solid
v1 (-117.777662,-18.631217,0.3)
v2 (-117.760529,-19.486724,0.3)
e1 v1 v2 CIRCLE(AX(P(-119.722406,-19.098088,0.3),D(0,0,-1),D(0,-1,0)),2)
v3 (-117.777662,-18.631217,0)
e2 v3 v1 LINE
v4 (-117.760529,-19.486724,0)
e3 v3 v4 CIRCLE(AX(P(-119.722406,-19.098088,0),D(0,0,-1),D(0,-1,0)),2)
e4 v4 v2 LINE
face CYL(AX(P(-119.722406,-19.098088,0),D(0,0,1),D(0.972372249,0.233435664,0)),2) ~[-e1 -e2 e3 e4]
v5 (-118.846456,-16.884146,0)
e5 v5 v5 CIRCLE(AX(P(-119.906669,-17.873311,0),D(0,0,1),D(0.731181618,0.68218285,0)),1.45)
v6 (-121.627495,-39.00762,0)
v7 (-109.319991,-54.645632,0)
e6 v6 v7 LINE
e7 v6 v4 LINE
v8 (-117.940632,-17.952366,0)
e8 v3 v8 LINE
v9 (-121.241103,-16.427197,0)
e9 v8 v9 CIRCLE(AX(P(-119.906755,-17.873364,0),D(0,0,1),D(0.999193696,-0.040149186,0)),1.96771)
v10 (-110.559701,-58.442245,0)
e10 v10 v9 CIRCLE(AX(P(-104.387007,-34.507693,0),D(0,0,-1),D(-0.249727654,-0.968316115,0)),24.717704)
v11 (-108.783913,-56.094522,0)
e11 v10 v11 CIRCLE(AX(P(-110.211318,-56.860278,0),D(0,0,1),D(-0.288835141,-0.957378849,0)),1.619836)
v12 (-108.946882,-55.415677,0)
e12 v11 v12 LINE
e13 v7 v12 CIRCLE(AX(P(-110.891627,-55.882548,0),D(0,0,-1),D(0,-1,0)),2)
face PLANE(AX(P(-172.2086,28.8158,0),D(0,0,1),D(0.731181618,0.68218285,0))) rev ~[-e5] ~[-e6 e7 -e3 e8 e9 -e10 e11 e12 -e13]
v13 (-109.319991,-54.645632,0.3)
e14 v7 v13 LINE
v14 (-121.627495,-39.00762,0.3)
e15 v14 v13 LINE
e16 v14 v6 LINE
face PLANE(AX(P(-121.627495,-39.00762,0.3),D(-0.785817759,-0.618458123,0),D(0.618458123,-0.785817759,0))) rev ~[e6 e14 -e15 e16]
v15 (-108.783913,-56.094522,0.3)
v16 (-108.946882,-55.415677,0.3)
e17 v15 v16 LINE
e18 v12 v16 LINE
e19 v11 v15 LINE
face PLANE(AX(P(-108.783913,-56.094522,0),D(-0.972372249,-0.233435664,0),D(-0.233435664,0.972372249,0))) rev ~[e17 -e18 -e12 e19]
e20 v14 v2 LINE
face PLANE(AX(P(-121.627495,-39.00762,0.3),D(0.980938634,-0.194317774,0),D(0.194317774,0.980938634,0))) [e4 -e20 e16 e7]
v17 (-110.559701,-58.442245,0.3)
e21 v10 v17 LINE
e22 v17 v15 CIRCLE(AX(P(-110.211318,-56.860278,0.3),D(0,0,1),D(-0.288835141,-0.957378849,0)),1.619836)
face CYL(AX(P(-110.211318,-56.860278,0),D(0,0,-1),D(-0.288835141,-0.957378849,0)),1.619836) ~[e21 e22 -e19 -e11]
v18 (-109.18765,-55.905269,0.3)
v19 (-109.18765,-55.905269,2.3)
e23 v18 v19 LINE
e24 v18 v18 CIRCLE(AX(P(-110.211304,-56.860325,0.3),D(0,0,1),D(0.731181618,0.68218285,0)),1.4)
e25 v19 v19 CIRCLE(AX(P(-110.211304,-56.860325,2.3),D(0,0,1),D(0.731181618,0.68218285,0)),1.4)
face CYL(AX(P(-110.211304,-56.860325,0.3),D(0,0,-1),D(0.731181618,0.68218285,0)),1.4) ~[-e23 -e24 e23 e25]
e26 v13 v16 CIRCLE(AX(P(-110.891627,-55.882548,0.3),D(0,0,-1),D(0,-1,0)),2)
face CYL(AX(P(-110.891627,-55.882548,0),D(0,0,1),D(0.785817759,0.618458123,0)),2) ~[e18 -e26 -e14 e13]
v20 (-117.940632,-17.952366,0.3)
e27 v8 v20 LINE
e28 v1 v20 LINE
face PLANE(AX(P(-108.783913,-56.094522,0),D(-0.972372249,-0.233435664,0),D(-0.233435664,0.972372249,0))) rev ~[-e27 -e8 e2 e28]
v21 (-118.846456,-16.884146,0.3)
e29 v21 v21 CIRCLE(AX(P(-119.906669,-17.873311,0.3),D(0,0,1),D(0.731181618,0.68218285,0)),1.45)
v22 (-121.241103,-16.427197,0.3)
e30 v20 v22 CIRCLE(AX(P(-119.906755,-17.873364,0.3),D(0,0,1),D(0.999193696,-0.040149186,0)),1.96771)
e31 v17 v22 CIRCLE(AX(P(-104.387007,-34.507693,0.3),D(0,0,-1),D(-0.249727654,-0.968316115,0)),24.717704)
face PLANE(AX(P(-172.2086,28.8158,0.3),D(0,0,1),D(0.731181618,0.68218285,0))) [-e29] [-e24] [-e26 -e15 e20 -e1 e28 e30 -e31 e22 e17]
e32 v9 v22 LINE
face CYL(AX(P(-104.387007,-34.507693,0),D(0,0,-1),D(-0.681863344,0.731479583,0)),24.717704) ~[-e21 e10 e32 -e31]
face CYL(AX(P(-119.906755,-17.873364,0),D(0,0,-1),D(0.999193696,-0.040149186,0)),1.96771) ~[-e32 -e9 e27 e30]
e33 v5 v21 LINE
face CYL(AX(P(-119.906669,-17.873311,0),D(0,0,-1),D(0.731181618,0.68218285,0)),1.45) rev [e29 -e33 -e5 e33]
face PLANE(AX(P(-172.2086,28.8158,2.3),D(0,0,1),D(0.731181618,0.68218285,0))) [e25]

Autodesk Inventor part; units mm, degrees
ref_plane "YZ Plane" through (0, 0, 0) normal (1, 0, 0) x (0, 1, 0)
ref_plane "XZ Plane" through (0, 0, 0) normal (0, 1, 0) x (-1, 0, 0)
ref_plane "Work Plane1" through (-172.2086, 28.8158, 0) normal (0, 0, 1) x (0.7312, 0.6822, 0)
sketch "Sketch1" plane through (-172.2086, 28.8158, 0) normal (0, 0, 1) x (0.7312, 0.6822, 0)
  circle A0 centre (-15.7879, -97.63) radius 1.25 construction
  circle A1 centre (-11.395, -78.3833) radius 1.25 construction
  circle A2 centre (6.3917, -69.8177) radius 1.25 construction
  arc A3 (12.3361, -69.0473) -> (8.4064, -68.3915) centre (10.3419, -68.895) ccw construction
  line L0 (8.4064, -68.3915) -> (8.3917, -68.5677) construction
  arc A4 (8.3917, -68.5677) -> (8.389, -68.4638) centre (6.3917, -68.5677) ccw construction
  arc A5 (8.389, -68.4638) -> (8.3692, -68.5658) centre (10.3419, -68.895) ccw construction
  line L1 (8.3692, -68.5658) -> (8.3837, -68.3896) construction
  arc A6 (8.3837, -68.3896) -> (4.3996, -68.3896) centre (6.3917, -68.5677) ccw construction
  line L2 (4.3996, -68.3896) -> (4.4141, -68.5658) construction
  arc A7 (4.4141, -68.5658) -> (4.3944, -68.4638) centre (2.4414, -68.895) ccw construction
  arc A8 (4.3944, -68.4638) -> (4.3917, -68.5677) centre (6.3917, -68.5677) ccw construction
  line L3 (4.3917, -68.5677) -> (4.377, -68.3915) construction
  arc A9 (4.377, -68.3915) -> (0.4472, -69.0473) centre (2.4414, -68.895) ccw construction
  line L4 (0.4472, -69.0473) -> (0.4905, -69.2186) construction
  arc A10 (0.4905, -69.2186) -> (0.4543, -69.1213) centre (-1.4011, -69.868) ccw construction
  arc A11 (0.4543, -69.1213) -> (0.4687, -69.2242) centre (2.4414, -68.895) ccw construction
  line L5 (0.4687, -69.2242) -> (0.4252, -69.0528) construction
  arc A12 (0.4252, -69.0528) -> (-3.343, -70.3465) centre (-1.4011, -69.868) ccw construction
  line L6 (-3.343, -70.3465) -> (-3.2721, -70.5084) construction
  arc A13 (-3.2721, -70.5084) -> (-3.3239, -70.4183) centre (-5.0311, -71.4603) ccw construction
  arc A14 (-3.3239, -70.4183) -> (-3.2927, -70.5174) centre (-1.4011, -69.868) ccw construction
  line L7 (-3.2927, -70.5174) -> (-3.3638, -70.3556) construction
  arc A15 (-3.3638, -70.3556) -> (-6.8678, -72.2518) centre (-5.0311, -71.4603) ccw construction
  line L8 (-6.8678, -72.2518) -> (-6.7711, -72.3999) construction
  arc A16 (-6.7711, -72.3999) -> (-6.8371, -72.3196) centre (-8.3494, -73.6283) ccw construction
  arc A17 (-6.8371, -72.3196) -> (-6.79, -72.4122) centre (-5.0311, -71.4603) ccw construction
  line L9 (-6.79, -72.4122) -> (-6.8868, -72.2642) construction
  arc A18 (-6.8868, -72.2642) -> (-10.0308, -74.7113) centre (-8.3494, -73.6283) ccw construction
  line L10 (-10.0308, -74.7113) -> (-9.9111, -74.8414) construction
  arc A19 (-9.9111, -74.8414) -> (-9.9894, -74.7731) centre (-11.2657, -76.3129) ccw construction
  arc A20 (-9.9894, -74.7731) -> (-9.9277, -74.8567) centre (-8.3494, -73.6283) ccw construction
  line L11 (-9.9277, -74.8567) -> (-10.0475, -74.7267) construction
  arc A21 (-10.0475, -74.7267) -> (-12.7459, -77.6579) centre (-11.2657, -76.3129) ccw construction
  line L12 (-12.7459, -77.6579) -> (-12.6064, -77.7666) construction
  arc A22 (-12.6064, -77.7666) -> (-12.6948, -77.712) centre (-13.7003, -79.4409) ccw construction
  arc A23 (-12.6948, -77.712) -> (-12.6203, -77.7843) centre (-11.2657, -76.3129) ccw construction
  line L13 (-12.6203, -77.7843) -> (-12.7598, -77.6758) construction
  arc A24 (-12.7598, -77.6758) -> (-14.9389, -81.0112) centre (-13.7003, -79.4409) ccw construction
  line L14 (-14.9389, -81.0112) -> (-14.7835, -81.0954) construction
  arc A25 (-14.7835, -81.0954) -> (-14.8797, -81.0562) centre (-15.5869, -82.927) ccw construction
  arc A26 (-14.8797, -81.0562) -> (-14.7942, -81.1152) centre (-13.7003, -79.4409) ccw construction
  line L15 (-14.7942, -81.1152) -> (-14.9497, -81.0312) construction
  arc A27 (-14.9497, -81.0312) -> (-16.5501, -84.6797) centre (-15.5869, -82.927) ccw construction
  line L16 (-16.5501, -84.6797) -> (-16.383, -84.7372) construction
  arc A28 (-16.383, -84.7372) -> (-16.4843, -84.7143) centre (-16.8739, -86.676) ccw construction
  arc A29 (-16.4843, -84.7143) -> (-16.3903, -84.7585) centre (-15.5869, -82.927) ccw construction
  line L17 (-16.3903, -84.7585) -> (-16.5575, -84.7012) construction
  arc A30 (-16.5575, -84.7012) -> (-17.5355, -88.5634) centre (-16.8739, -86.676) ccw construction
  line L18 (-17.5355, -88.5634) -> (-17.3612, -88.5926) construction
  arc A31 (-17.3612, -88.5926) -> (-17.4649, -88.5867) centre (-17.5264, -90.5857) ccw construction
  arc A32 (-17.4649, -88.5867) -> (-17.3649, -88.6148) centre (-16.8739, -86.676) ccw construction
  line L19 (-17.3649, -88.6148) -> (-17.5393, -88.5858) construction
  arc A33 (-17.5393, -88.5858) -> (-17.8683, -92.5563) centre (-17.5264, -90.5857) ccw construction
  line L20 (-17.8683, -92.5563) -> (-17.6915, -92.5564) construction
  arc A34 (-17.6915, -92.5564) -> (-17.7948, -92.5677) centre (-17.5264, -94.5496) ccw construction
  arc A35 (-17.7948, -92.5677) -> (-17.6915, -92.5789) centre (-17.5264, -90.5857) ccw construction
  line L21 (-17.6915, -92.5789) -> (-17.8683, -92.579) construction
  arc A36 (-17.8683, -92.579) -> (-17.5393, -96.5495) centre (-17.5264, -94.5496) ccw construction
  line L22 (-17.5393, -96.5495) -> (-17.3649, -96.5205) construction
  arc A37 (-17.3649, -96.5205) -> (-17.4649, -96.5486) centre (-16.8739, -98.4593) ccw construction
  arc A38 (-17.4649, -96.5486) -> (-17.3612, -96.5427) centre (-17.5264, -94.5496) ccw construction
  line L23 (-17.3612, -96.5427) -> (-17.5355, -96.5719) construction
  arc A39 (-17.5355, -96.5719) -> (-16.5575, -100.4341) centre (-16.8739, -98.4593) ccw construction
  line L24 (-16.5575, -100.4341) -> (-16.3903, -100.3768) construction
  arc A40 (-16.3903, -100.3768) -> (-16.4843, -100.421) centre (-15.5869, -102.2083) ccw construction
  arc A41 (-16.4843, -100.421) -> (-16.383, -100.3981) centre (-16.8739, -98.4593) ccw construction
  line L25 (-16.383, -100.3981) -> (-16.5501, -100.4556) construction
  arc A42 (-16.5501, -100.4556) -> (-14.9497, -104.1041) centre (-15.5869, -102.2083) ccw construction
  line L26 (-14.9497, -104.1041) -> (-14.7942, -104.0201) construction
  arc A43 (-14.7942, -104.0201) -> (-14.8797, -104.0791) centre (-13.7003, -105.6944) ccw construction
  arc A44 (-14.8797, -104.0791) -> (-14.7835, -104.0399) centre (-15.5869, -102.2083) ccw construction
  line L27 (-14.7835, -104.0399) -> (-14.9389, -104.1241) construction
  arc A45 (-14.9389, -104.1241) -> (-12.7598, -107.4595) centre (-13.7003, -105.6944) ccw construction
  line L28 (-12.7598, -107.4595) -> (-12.6203, -107.351) construction
  arc A46 (-12.6203, -107.351) -> (-12.6948, -107.4233) centre (-11.2657, -108.8224) ccw construction
  arc A47 (-12.6948, -107.4233) -> (-12.6064, -107.3687) centre (-13.7003, -105.6944) ccw construction
  line L29 (-12.6064, -107.3687) -> (-12.7459, -107.4774) construction
  arc A48 (-12.7459, -107.4774) -> (-10.0475, -110.4086) centre (-11.2657, -108.8224) ccw construction
  line L30 (-10.0475, -110.4086) -> (-9.9277, -110.2786) construction
  arc A49 (-9.9277, -110.2786) -> (-9.9894, -110.3622) centre (-8.3494, -111.507) ccw construction
  arc A50 (-9.9894, -110.3622) -> (-9.9111, -110.2939) centre (-11.2657, -108.8224) ccw construction
  line L31 (-9.9111, -110.2939) -> (-10.0308, -110.424) construction
  arc A51 (-10.0308, -110.424) -> (-6.8868, -112.8711) centre (-8.3494, -111.507) ccw construction
  line L32 (-6.8868, -112.8711) -> (-6.79, -112.7231) construction
  arc A52 (-6.79, -112.7231) -> (-6.8371, -112.8157) centre (-5.0311, -113.675) ccw construction
  arc A53 (-6.8371, -112.8157) -> (-6.7711, -112.7355) centre (-8.3494, -111.507) ccw construction
  line L33 (-6.7711, -112.7355) -> (-6.8678, -112.8835) construction
  arc A54 (-6.8678, -112.8835) -> (-3.3638, -114.7797) centre (-5.0311, -113.675) ccw construction
  line L34 (-3.3638, -114.7797) -> (-3.2927, -114.6179) construction
  arc A55 (-3.2927, -114.6179) -> (-3.3239, -114.717) centre (-1.4011, -115.2673) ccw construction
  arc A56 (-3.3239, -114.717) -> (-3.2721, -114.6269) centre (-5.0311, -113.675) ccw construction
  line L35 (-3.2721, -114.6269) -> (-3.343, -114.7888) construction
  arc A57 (-3.343, -114.7888) -> (0.4252, -116.0825) centre (-1.4011, -115.2673) ccw construction
  line L36 (0.4252, -116.0825) -> (0.4687, -115.9111) construction
  arc A58 (0.4687, -115.9111) -> (0.4543, -116.014) centre (2.4414, -116.2403) ccw construction
  arc A59 (0.4543, -116.014) -> (0.4905, -115.9167) centre (-1.4011, -115.2673) ccw construction
  line L37 (0.4905, -115.9167) -> (0.4472, -116.088) construction
  arc A60 (0.4472, -116.088) -> (4.377, -116.7438) centre (2.4414, -116.2403) ccw construction
  line L38 (4.377, -116.7438) -> (4.3917, -116.5677) construction
  arc A61 (4.3917, -116.5677) -> (4.3944, -116.6715) centre (6.3917, -116.5677) ccw construction
  arc A62 (4.3944, -116.6715) -> (4.4141, -116.5695) centre (2.4414, -116.2403) ccw construction
  line L39 (4.4141, -116.5695) -> (4.3996, -116.7457) construction
  arc A63 (4.3996, -116.7457) -> (8.3837, -116.7457) centre (6.3917, -116.5677) ccw construction
  line L40 (8.3837, -116.7457) -> (8.3692, -116.5695) construction
  arc A64 (8.3692, -116.5695) -> (8.389, -116.6715) centre (10.3419, -116.2403) ccw construction
  arc A65 (8.389, -116.6715) -> (8.3917, -116.5677) centre (6.3917, -116.5677) ccw construction
  line L41 (8.3917, -116.5677) -> (8.4064, -116.7438) construction
  arc A66 (8.4064, -116.7438) -> (12.3361, -116.088) centre (10.3419, -116.2403) ccw construction
  line L42 (12.3361, -116.088) -> (12.2928, -115.9167) construction
  arc A67 (12.2928, -115.9167) -> (12.3291, -116.014) centre (14.1845, -115.2673) ccw construction
  arc A68 (12.3291, -116.014) -> (12.3147, -115.9111) centre (10.3419, -116.2403) ccw construction
  line L43 (12.3147, -115.9111) -> (12.3581, -116.0825) construction
  arc A69 (12.3581, -116.0825) -> (16.1264, -114.7888) centre (14.1845, -115.2673) ccw construction
  line L44 (16.1264, -114.7888) -> (16.0555, -114.6269) construction
  arc A70 (16.0555, -114.6269) -> (16.1073, -114.717) centre (17.8144, -113.675) ccw construction
  arc A71 (16.1073, -114.717) -> (16.0761, -114.6179) centre (14.1845, -115.2673) ccw construction
  line L45 (16.0761, -114.6179) -> (16.1472, -114.7797) construction
  arc A72 (16.1472, -114.7797) -> (19.6511, -112.8835) centre (17.8144, -113.675) ccw construction
  line L46 (19.6511, -112.8835) -> (19.5545, -112.7355) construction
  arc A73 (19.5545, -112.7355) -> (19.6204, -112.8157) centre (21.1328, -111.507) ccw construction
  arc A74 (19.6204, -112.8157) -> (19.5734, -112.7231) centre (17.8144, -113.675) ccw construction
  line L47 (19.5734, -112.7231) -> (19.6701, -112.8711) construction
  arc A75 (19.6701, -112.8711) -> (22.8141, -110.424) centre (21.1328, -111.507) ccw construction
  line L48 (22.8141, -110.424) -> (22.6945, -110.2939) construction
  arc A76 (22.6945, -110.2939) -> (22.7727, -110.3622) centre (24.049, -108.8224) ccw construction
  arc A77 (22.7727, -110.3622) -> (22.7111, -110.2786) centre (21.1328, -111.507) ccw construction
  line L49 (22.7111, -110.2786) -> (22.8308, -110.4086) construction
  arc A78 (22.8308, -110.4086) -> (25.5292, -107.4774) centre (24.049, -108.8224) ccw construction
  line L50 (25.5292, -107.4774) -> (25.3898, -107.3687) construction
  arc A79 (25.3898, -107.3687) -> (25.4782, -107.4233) centre (26.4837, -105.6944) ccw construction
  arc A80 (25.4782, -107.4233) -> (25.4036, -107.351) centre (24.049, -108.8224) ccw construction
  line L51 (25.4036, -107.351) -> (25.5431, -107.4595) construction
  arc A81 (25.5431, -107.4595) -> (27.7223, -104.1241) centre (26.4837, -105.6944) ccw construction
  line L52 (27.7223, -104.1241) -> (27.5668, -104.0399) construction
  arc A82 (27.5668, -104.0399) -> (27.663, -104.0791) centre (28.3702, -102.2083) ccw construction
  arc A83 (27.663, -104.0791) -> (27.5776, -104.0201) centre (26.4837, -105.6944) ccw construction
  line L53 (27.5776, -104.0201) -> (27.7331, -104.1041) construction
  arc A84 (27.7331, -104.1041) -> (29.3335, -100.4556) centre (28.3702, -102.2083) ccw construction
  line L54 (29.3335, -100.4556) -> (29.1663, -100.3981) construction
  arc A85 (29.1663, -100.3981) -> (29.2676, -100.421) centre (29.6573, -98.4593) ccw construction
  arc A86 (29.2676, -100.421) -> (29.1736, -100.3768) centre (28.3702, -102.2083) ccw construction
  line L55 (29.1736, -100.3768) -> (29.3408, -100.4341) construction
  arc A87 (29.3408, -100.4341) -> (30.3189, -96.5719) centre (29.6573, -98.4593) ccw construction
  line L56 (30.3189, -96.5719) -> (30.1445, -96.5427) construction
  arc A88 (30.1445, -96.5427) -> (30.2483, -96.5486) centre (30.3097, -94.5496) ccw construction
  arc A89 (30.2483, -96.5486) -> (30.1483, -96.5205) centre (29.6573, -98.4593) ccw construction
  line L57 (30.1483, -96.5205) -> (30.3226, -96.5495) construction
  arc A90 (30.3226, -96.5495) -> (30.6516, -92.579) centre (30.3097, -94.5496) ccw construction
  line L58 (30.6516, -92.579) -> (30.4749, -92.5789) construction
  arc A91 (30.4749, -92.5789) -> (30.5781, -92.5677) centre (30.3097, -90.5857) ccw construction
  arc A92 (30.5781, -92.5677) -> (30.4749, -92.5564) centre (30.3097, -94.5496) ccw construction
  line L59 (30.4749, -92.5564) -> (30.6516, -92.5563) construction
  arc A93 (30.6516, -92.5563) -> (30.3226, -88.5858) centre (30.3097, -90.5857) ccw construction
  line L60 (30.3226, -88.5858) -> (30.1483, -88.6148) construction
  arc A94 (30.1483, -88.6148) -> (30.2483, -88.5867) centre (29.6573, -86.676) ccw construction
  arc A95 (30.2483, -88.5867) -> (30.1445, -88.5926) centre (30.3097, -90.5857) ccw construction
  line L61 (30.1445, -88.5926) -> (30.3189, -88.5634) construction
  arc A96 (30.3189, -88.5634) -> (29.3408, -84.7012) centre (29.6573, -86.676) ccw construction
  line L62 (29.3408, -84.7012) -> (29.1736, -84.7585) construction
  arc A97 (29.1736, -84.7585) -> (29.2676, -84.7143) centre (28.3702, -82.927) ccw construction
  arc A98 (29.2676, -84.7143) -> (29.1663, -84.7372) centre (29.6573, -86.676) ccw construction
  line L63 (29.1663, -84.7372) -> (29.3335, -84.6797) construction
  arc A99 (29.3335, -84.6797) -> (27.7331, -81.0312) centre (28.3702, -82.927) ccw construction
  line L64 (27.7331, -81.0312) -> (27.5776, -81.1152) construction
  arc A100 (27.5776, -81.1152) -> (27.663, -81.0562) centre (26.4837, -79.4409) ccw construction
  arc A101 (27.663, -81.0562) -> (27.5668, -81.0954) centre (28.3702, -82.927) ccw construction
  line L65 (27.5668, -81.0954) -> (27.7223, -81.0112) construction
  arc A102 (27.7223, -81.0112) -> (25.5431, -77.6758) centre (26.4837, -79.4409) ccw construction
  line L66 (25.5431, -77.6758) -> (25.4036, -77.7843) construction
  arc A103 (25.4036, -77.7843) -> (25.4782, -77.712) centre (24.049, -76.3129) ccw construction
  arc A104 (25.4782, -77.712) -> (25.3898, -77.7666) centre (26.4837, -79.4409) ccw construction
  line L67 (25.3898, -77.7666) -> (25.5292, -77.6579) construction
  arc A105 (25.5292, -77.6579) -> (22.8308, -74.7267) centre (24.049, -76.3129) ccw construction
  line L68 (22.8308, -74.7267) -> (22.7111, -74.8567) construction
  arc A106 (22.7111, -74.8567) -> (22.7727, -74.7731) centre (21.1328, -73.6283) ccw construction
  arc A107 (22.7727, -74.7731) -> (22.6945, -74.8414) centre (24.049, -76.3129) ccw construction
  line L69 (22.6945, -74.8414) -> (22.8141, -74.7113) construction
  arc A108 (22.8141, -74.7113) -> (19.6701, -72.2642) centre (21.1328, -73.6283) ccw construction
  line L70 (19.6701, -72.2642) -> (19.5734, -72.4122) construction
  arc A109 (19.5734, -72.4122) -> (19.6204, -72.3196) centre (17.8144, -71.4603) ccw construction
  arc A110 (19.6204, -72.3196) -> (19.5545, -72.3999) centre (21.1328, -73.6283) ccw construction
  line L71 (19.5545, -72.3999) -> (19.6511, -72.2518) construction
  arc A111 (19.6511, -72.2518) -> (16.1472, -70.3556) centre (17.8144, -71.4603) ccw construction
  line L72 (16.1472, -70.3556) -> (16.0761, -70.5174) construction
  arc A112 (16.0761, -70.5174) -> (16.1073, -70.4183) centre (14.1845, -69.868) ccw construction
  arc A113 (16.1073, -70.4183) -> (16.0555, -70.5084) centre (17.8144, -71.4603) ccw construction
  line L73 (16.0555, -70.5084) -> (16.1264, -70.3465) construction
  arc A114 (16.1264, -70.3465) -> (12.3581, -69.0528) centre (14.1845, -69.868) ccw construction
  line L74 (12.3581, -69.0528) -> (12.3147, -69.2242) construction
  arc A115 (12.3147, -69.2242) -> (12.3291, -69.1213) centre (10.3419, -68.895) ccw construction
  arc A116 (12.3291, -69.1213) -> (12.2928, -69.2186) centre (14.1845, -69.868) ccw construction
  line L75 (12.2928, -69.2186) -> (12.3361, -69.0473) construction
  circle A117 centre (6.3917, -92.5677) radius 21 construction
  circle A118 centre (-13.1155, -104.9383) radius 1.4
  arc A119 (6.4025, -67.85) -> (-14.4494, -105.8573) centre (6.3917, -92.5677) ccw
  circle A120 centre (6.3917, -69.8177) radius 1.45
  arc A121 (7.7753, -71.2167) -> (6.4025, -67.85) centre (6.3917, -69.8177) ccw
  line L76 (6.3917, -69.8177) -> (7.7753, -71.2167) construction
  line L77 (6.3917, -69.8177) -> (6.4025, -67.85) construction
  arc A122 (-14.5155, -105.753) -> (-11.5494, -105.3521) centre (-13.1155, -104.9383) ccw
  line L78 (-13.1155, -104.9383) -> (-11.5494, -105.3521) construction
  line L79 (-13.1155, -104.9383) -> (-14.5155, -105.753) construction
  line L80 (-11.5494, -105.3521) -> (7.7753, -71.2167)
  circle A123 centre (24.1783, -78.3833) radius 1.25
  circle A124 centre (28.5713, -97.63) radius 1.25
  circle A125 centre (16.2625, -113.0647) radius 1.25
  circle A126 centre (-3.4792, -113.0647) radius 1.25
  point P0 (106.2561, -138.5489)
  dimension "d0" = 2.8
  dimension "d1" = 0.2
  dimension "d2" = 135
  dimension "d3" = 135
extrude "Extrusion1" add sketch "Sketch1" along normal blind 0.3 contours A118 | A121 L80 A122 A119
sketch "Sketch2" plane through (-172.2086, 28.8158, 0.3) normal (0, 0, 1) x (0.7312, 0.6822, 0)
  circle A0 centre (6.3917, -69.8177) radius 1.45 construction
  arc A1 (6.4025, -67.85) -> (-14.4494, -105.8573) centre (6.3917, -92.5677) ccw construction
  arc A2 (-14.4494, -105.8573) -> (-11.5494, -105.3521) centre (-13.1155, -104.9383) ccw construction
  line L0 (-11.5494, -105.3521) -> (7.7753, -71.2167) construction
  arc A3 (7.7753, -71.2167) -> (6.4025, -67.85) centre (6.3917, -69.8177) ccw construction
  circle A4 centre (-13.1155, -104.9383) radius 1.4
  point P0 (106.2561, -138.5489)
  dimension "d6" = 2.8
extrude "Extrusion2" add sketch "Sketch2" along normal blind 2
sketch "Sketch3" plane through (-172.2086, 28.8158, 0.3) normal (0, 0, 1) x (0.7312, 0.6822, 0)
  circle A0 centre (-13.1155, -104.9383) radius 1.4 construction
  circle A1 centre (6.3917, -69.8177) radius 1.45 construction
  arc A2 (6.4025, -67.85) -> (-14.4494, -105.8573) centre (6.3917, -92.5677) ccw construction
  arc A3 (-14.4494, -105.8573) -> (-11.5494, -105.3521) centre (-13.1155, -104.9383) ccw construction
  line L0 (-11.5494, -105.3521) -> (7.7753, -71.2167) construction
  arc A4 (7.7753, -71.2167) -> (6.4025, -67.85) centre (6.3917, -69.8177) ccw construction
  line L1 (-11.5494, -105.3521) -> (7.7753, -71.2167) construction
  line L2 (-1.887, -88.2844) -> (-15.2891, -80.6972) construction
  line L3 (-9.284, -84.0968) -> (7.2157, -72.2053)
  line L4 (-9.284, -84.0968) -> (-10.9897, -104.3635)
  line L5 (-10.9897, -104.3635) -> (7.2157, -72.2053)
  point P0 (106.2561, -138.5489)
  dimension "d20" = 8.5
extrude "Extrusion3" cut sketch "Sketch3" against normal through all
fillet "Fillet1" radius 2 2 edges at (-109.048, -54.9889, 0.15) (-117.6748, -19.0562, 0.15)
sketch "Sketch4" plane through (-172.2086, 28.8158, 0.3) normal (0, 0, 1) x (0.7312, 0.6822, 0)
  line L0 (7.4314, -71.8242) -> (7.7753, -71.2167) construction
  arc A0 (7.7753, -71.2167) -> (6.4025, -67.85) centre (6.3917, -69.8177) ccw construction
  arc A1 (6.4025, -67.85) -> (-14.4494, -105.8573) centre (6.3917, -92.5677) ccw construction
  arc A2 (-14.4494, -105.8573) -> (-11.5494, -105.3521) centre (-13.1155, -104.9383) ccw construction
  circle A3 centre (-13.1155, -104.9383) radius 1.4 construction
  circle A4 centre (6.3917, -69.8177) radius 1.45 construction
  line L1 (-20.7146, -92.3351) -> (-11.0435, -83.146)
  line L2 (-10.953, -103.9271) -> (-9.284, -84.0968) projected
  line L3 (6.3917, -92.5677) -> (-12.496, -82.3611) construction
  line L4 (-9.284, -84.0968) -> (6.8604, -72.4614) construction
  line L5 (-20.7146, -92.3351) -> (-9.284, -84.0968)
  line L6 (-11.0435, -83.146) -> (-5.8817, -43.6741)
  line L7 (-9.284, -84.0968) -> (-5.8817, -43.6741)
  arc A5 (6.8604, -72.4614) -> (7.4314, -71.8242) centre (5.691, -70.8389) ccw projected
  line L8 (-11.5494, -105.3521) -> (-11.2055, -104.7446) projected
  arc A6 (-11.2055, -104.7446) -> (-10.953, -103.9271) centre (-12.946, -103.7593) ccw projected
  line L9 (-10.953, -103.9271) -> (-9.284, -84.0968) projected
  line L10 (-9.284, -84.0968) -> (6.8604, -72.4614) projected
  point P0 (106.2561, -138.5489)
  point P1 (-16.9547, -84.4492)
  point P2 (-13.1031, -77.3717)
  dimension "d12" = 2
extrude "Extrusion4" [suppressed]
sketch "Sketch5" plane through (-172.2086, 28.8158, 0.3) normal (0, 0, 1) x (0.7312, 0.6822, 0)
  line L0 (7.4314, -71.8242) -> (7.7753, -71.2167) projected
  arc A0 (7.7753, -71.2167) -> (6.4025, -67.85) centre (6.3917, -69.8177) ccw projected
  arc A1 (6.4025, -67.85) -> (-14.4494, -105.8573) centre (6.3917, -92.5677) ccw projected
  arc A2 (-14.4494, -105.8573) -> (-11.5494, -105.3521) centre (-13.1155, -104.9383) ccw projected
  circle A3 centre (-13.1155, -104.9383) radius 1.4 projected
  circle A4 centre (6.3917, -69.8177) radius 1.45 projected
  line L1 (7.4314, -71.8242) -> (7.7753, -71.2167) projected
  line L2 (-11.5494, -105.3521) -> (-11.2055, -104.7446) projected
  arc A5 (7.1804, -72.1737) -> (-11.2055, -104.7446) centre (1.7027, -90.5564) ccw
  line L3 (7.1804, -72.1737) -> (-11.2055, -104.7446)
  arc A6 (6.8604, -72.4614) -> (7.4314, -71.8242) centre (5.691, -70.8389) ccw projected
  line L4 (-11.5494, -105.3521) -> (-11.2055, -104.7446) projected
  arc A7 (-11.2055, -104.7446) -> (-10.953, -103.9271) centre (-12.946, -103.7593) ccw projected
  line L5 (-10.953, -103.9271) -> (-9.284, -84.0968) projected
  line L6 (-9.284, -84.0968) -> (6.8604, -72.4614) projected
  point P0 (106.2561, -138.5489)
extrude "Extrusion5" [suppressed]
properties part number "20_Cube_Insert_CirAp_Leaf"
